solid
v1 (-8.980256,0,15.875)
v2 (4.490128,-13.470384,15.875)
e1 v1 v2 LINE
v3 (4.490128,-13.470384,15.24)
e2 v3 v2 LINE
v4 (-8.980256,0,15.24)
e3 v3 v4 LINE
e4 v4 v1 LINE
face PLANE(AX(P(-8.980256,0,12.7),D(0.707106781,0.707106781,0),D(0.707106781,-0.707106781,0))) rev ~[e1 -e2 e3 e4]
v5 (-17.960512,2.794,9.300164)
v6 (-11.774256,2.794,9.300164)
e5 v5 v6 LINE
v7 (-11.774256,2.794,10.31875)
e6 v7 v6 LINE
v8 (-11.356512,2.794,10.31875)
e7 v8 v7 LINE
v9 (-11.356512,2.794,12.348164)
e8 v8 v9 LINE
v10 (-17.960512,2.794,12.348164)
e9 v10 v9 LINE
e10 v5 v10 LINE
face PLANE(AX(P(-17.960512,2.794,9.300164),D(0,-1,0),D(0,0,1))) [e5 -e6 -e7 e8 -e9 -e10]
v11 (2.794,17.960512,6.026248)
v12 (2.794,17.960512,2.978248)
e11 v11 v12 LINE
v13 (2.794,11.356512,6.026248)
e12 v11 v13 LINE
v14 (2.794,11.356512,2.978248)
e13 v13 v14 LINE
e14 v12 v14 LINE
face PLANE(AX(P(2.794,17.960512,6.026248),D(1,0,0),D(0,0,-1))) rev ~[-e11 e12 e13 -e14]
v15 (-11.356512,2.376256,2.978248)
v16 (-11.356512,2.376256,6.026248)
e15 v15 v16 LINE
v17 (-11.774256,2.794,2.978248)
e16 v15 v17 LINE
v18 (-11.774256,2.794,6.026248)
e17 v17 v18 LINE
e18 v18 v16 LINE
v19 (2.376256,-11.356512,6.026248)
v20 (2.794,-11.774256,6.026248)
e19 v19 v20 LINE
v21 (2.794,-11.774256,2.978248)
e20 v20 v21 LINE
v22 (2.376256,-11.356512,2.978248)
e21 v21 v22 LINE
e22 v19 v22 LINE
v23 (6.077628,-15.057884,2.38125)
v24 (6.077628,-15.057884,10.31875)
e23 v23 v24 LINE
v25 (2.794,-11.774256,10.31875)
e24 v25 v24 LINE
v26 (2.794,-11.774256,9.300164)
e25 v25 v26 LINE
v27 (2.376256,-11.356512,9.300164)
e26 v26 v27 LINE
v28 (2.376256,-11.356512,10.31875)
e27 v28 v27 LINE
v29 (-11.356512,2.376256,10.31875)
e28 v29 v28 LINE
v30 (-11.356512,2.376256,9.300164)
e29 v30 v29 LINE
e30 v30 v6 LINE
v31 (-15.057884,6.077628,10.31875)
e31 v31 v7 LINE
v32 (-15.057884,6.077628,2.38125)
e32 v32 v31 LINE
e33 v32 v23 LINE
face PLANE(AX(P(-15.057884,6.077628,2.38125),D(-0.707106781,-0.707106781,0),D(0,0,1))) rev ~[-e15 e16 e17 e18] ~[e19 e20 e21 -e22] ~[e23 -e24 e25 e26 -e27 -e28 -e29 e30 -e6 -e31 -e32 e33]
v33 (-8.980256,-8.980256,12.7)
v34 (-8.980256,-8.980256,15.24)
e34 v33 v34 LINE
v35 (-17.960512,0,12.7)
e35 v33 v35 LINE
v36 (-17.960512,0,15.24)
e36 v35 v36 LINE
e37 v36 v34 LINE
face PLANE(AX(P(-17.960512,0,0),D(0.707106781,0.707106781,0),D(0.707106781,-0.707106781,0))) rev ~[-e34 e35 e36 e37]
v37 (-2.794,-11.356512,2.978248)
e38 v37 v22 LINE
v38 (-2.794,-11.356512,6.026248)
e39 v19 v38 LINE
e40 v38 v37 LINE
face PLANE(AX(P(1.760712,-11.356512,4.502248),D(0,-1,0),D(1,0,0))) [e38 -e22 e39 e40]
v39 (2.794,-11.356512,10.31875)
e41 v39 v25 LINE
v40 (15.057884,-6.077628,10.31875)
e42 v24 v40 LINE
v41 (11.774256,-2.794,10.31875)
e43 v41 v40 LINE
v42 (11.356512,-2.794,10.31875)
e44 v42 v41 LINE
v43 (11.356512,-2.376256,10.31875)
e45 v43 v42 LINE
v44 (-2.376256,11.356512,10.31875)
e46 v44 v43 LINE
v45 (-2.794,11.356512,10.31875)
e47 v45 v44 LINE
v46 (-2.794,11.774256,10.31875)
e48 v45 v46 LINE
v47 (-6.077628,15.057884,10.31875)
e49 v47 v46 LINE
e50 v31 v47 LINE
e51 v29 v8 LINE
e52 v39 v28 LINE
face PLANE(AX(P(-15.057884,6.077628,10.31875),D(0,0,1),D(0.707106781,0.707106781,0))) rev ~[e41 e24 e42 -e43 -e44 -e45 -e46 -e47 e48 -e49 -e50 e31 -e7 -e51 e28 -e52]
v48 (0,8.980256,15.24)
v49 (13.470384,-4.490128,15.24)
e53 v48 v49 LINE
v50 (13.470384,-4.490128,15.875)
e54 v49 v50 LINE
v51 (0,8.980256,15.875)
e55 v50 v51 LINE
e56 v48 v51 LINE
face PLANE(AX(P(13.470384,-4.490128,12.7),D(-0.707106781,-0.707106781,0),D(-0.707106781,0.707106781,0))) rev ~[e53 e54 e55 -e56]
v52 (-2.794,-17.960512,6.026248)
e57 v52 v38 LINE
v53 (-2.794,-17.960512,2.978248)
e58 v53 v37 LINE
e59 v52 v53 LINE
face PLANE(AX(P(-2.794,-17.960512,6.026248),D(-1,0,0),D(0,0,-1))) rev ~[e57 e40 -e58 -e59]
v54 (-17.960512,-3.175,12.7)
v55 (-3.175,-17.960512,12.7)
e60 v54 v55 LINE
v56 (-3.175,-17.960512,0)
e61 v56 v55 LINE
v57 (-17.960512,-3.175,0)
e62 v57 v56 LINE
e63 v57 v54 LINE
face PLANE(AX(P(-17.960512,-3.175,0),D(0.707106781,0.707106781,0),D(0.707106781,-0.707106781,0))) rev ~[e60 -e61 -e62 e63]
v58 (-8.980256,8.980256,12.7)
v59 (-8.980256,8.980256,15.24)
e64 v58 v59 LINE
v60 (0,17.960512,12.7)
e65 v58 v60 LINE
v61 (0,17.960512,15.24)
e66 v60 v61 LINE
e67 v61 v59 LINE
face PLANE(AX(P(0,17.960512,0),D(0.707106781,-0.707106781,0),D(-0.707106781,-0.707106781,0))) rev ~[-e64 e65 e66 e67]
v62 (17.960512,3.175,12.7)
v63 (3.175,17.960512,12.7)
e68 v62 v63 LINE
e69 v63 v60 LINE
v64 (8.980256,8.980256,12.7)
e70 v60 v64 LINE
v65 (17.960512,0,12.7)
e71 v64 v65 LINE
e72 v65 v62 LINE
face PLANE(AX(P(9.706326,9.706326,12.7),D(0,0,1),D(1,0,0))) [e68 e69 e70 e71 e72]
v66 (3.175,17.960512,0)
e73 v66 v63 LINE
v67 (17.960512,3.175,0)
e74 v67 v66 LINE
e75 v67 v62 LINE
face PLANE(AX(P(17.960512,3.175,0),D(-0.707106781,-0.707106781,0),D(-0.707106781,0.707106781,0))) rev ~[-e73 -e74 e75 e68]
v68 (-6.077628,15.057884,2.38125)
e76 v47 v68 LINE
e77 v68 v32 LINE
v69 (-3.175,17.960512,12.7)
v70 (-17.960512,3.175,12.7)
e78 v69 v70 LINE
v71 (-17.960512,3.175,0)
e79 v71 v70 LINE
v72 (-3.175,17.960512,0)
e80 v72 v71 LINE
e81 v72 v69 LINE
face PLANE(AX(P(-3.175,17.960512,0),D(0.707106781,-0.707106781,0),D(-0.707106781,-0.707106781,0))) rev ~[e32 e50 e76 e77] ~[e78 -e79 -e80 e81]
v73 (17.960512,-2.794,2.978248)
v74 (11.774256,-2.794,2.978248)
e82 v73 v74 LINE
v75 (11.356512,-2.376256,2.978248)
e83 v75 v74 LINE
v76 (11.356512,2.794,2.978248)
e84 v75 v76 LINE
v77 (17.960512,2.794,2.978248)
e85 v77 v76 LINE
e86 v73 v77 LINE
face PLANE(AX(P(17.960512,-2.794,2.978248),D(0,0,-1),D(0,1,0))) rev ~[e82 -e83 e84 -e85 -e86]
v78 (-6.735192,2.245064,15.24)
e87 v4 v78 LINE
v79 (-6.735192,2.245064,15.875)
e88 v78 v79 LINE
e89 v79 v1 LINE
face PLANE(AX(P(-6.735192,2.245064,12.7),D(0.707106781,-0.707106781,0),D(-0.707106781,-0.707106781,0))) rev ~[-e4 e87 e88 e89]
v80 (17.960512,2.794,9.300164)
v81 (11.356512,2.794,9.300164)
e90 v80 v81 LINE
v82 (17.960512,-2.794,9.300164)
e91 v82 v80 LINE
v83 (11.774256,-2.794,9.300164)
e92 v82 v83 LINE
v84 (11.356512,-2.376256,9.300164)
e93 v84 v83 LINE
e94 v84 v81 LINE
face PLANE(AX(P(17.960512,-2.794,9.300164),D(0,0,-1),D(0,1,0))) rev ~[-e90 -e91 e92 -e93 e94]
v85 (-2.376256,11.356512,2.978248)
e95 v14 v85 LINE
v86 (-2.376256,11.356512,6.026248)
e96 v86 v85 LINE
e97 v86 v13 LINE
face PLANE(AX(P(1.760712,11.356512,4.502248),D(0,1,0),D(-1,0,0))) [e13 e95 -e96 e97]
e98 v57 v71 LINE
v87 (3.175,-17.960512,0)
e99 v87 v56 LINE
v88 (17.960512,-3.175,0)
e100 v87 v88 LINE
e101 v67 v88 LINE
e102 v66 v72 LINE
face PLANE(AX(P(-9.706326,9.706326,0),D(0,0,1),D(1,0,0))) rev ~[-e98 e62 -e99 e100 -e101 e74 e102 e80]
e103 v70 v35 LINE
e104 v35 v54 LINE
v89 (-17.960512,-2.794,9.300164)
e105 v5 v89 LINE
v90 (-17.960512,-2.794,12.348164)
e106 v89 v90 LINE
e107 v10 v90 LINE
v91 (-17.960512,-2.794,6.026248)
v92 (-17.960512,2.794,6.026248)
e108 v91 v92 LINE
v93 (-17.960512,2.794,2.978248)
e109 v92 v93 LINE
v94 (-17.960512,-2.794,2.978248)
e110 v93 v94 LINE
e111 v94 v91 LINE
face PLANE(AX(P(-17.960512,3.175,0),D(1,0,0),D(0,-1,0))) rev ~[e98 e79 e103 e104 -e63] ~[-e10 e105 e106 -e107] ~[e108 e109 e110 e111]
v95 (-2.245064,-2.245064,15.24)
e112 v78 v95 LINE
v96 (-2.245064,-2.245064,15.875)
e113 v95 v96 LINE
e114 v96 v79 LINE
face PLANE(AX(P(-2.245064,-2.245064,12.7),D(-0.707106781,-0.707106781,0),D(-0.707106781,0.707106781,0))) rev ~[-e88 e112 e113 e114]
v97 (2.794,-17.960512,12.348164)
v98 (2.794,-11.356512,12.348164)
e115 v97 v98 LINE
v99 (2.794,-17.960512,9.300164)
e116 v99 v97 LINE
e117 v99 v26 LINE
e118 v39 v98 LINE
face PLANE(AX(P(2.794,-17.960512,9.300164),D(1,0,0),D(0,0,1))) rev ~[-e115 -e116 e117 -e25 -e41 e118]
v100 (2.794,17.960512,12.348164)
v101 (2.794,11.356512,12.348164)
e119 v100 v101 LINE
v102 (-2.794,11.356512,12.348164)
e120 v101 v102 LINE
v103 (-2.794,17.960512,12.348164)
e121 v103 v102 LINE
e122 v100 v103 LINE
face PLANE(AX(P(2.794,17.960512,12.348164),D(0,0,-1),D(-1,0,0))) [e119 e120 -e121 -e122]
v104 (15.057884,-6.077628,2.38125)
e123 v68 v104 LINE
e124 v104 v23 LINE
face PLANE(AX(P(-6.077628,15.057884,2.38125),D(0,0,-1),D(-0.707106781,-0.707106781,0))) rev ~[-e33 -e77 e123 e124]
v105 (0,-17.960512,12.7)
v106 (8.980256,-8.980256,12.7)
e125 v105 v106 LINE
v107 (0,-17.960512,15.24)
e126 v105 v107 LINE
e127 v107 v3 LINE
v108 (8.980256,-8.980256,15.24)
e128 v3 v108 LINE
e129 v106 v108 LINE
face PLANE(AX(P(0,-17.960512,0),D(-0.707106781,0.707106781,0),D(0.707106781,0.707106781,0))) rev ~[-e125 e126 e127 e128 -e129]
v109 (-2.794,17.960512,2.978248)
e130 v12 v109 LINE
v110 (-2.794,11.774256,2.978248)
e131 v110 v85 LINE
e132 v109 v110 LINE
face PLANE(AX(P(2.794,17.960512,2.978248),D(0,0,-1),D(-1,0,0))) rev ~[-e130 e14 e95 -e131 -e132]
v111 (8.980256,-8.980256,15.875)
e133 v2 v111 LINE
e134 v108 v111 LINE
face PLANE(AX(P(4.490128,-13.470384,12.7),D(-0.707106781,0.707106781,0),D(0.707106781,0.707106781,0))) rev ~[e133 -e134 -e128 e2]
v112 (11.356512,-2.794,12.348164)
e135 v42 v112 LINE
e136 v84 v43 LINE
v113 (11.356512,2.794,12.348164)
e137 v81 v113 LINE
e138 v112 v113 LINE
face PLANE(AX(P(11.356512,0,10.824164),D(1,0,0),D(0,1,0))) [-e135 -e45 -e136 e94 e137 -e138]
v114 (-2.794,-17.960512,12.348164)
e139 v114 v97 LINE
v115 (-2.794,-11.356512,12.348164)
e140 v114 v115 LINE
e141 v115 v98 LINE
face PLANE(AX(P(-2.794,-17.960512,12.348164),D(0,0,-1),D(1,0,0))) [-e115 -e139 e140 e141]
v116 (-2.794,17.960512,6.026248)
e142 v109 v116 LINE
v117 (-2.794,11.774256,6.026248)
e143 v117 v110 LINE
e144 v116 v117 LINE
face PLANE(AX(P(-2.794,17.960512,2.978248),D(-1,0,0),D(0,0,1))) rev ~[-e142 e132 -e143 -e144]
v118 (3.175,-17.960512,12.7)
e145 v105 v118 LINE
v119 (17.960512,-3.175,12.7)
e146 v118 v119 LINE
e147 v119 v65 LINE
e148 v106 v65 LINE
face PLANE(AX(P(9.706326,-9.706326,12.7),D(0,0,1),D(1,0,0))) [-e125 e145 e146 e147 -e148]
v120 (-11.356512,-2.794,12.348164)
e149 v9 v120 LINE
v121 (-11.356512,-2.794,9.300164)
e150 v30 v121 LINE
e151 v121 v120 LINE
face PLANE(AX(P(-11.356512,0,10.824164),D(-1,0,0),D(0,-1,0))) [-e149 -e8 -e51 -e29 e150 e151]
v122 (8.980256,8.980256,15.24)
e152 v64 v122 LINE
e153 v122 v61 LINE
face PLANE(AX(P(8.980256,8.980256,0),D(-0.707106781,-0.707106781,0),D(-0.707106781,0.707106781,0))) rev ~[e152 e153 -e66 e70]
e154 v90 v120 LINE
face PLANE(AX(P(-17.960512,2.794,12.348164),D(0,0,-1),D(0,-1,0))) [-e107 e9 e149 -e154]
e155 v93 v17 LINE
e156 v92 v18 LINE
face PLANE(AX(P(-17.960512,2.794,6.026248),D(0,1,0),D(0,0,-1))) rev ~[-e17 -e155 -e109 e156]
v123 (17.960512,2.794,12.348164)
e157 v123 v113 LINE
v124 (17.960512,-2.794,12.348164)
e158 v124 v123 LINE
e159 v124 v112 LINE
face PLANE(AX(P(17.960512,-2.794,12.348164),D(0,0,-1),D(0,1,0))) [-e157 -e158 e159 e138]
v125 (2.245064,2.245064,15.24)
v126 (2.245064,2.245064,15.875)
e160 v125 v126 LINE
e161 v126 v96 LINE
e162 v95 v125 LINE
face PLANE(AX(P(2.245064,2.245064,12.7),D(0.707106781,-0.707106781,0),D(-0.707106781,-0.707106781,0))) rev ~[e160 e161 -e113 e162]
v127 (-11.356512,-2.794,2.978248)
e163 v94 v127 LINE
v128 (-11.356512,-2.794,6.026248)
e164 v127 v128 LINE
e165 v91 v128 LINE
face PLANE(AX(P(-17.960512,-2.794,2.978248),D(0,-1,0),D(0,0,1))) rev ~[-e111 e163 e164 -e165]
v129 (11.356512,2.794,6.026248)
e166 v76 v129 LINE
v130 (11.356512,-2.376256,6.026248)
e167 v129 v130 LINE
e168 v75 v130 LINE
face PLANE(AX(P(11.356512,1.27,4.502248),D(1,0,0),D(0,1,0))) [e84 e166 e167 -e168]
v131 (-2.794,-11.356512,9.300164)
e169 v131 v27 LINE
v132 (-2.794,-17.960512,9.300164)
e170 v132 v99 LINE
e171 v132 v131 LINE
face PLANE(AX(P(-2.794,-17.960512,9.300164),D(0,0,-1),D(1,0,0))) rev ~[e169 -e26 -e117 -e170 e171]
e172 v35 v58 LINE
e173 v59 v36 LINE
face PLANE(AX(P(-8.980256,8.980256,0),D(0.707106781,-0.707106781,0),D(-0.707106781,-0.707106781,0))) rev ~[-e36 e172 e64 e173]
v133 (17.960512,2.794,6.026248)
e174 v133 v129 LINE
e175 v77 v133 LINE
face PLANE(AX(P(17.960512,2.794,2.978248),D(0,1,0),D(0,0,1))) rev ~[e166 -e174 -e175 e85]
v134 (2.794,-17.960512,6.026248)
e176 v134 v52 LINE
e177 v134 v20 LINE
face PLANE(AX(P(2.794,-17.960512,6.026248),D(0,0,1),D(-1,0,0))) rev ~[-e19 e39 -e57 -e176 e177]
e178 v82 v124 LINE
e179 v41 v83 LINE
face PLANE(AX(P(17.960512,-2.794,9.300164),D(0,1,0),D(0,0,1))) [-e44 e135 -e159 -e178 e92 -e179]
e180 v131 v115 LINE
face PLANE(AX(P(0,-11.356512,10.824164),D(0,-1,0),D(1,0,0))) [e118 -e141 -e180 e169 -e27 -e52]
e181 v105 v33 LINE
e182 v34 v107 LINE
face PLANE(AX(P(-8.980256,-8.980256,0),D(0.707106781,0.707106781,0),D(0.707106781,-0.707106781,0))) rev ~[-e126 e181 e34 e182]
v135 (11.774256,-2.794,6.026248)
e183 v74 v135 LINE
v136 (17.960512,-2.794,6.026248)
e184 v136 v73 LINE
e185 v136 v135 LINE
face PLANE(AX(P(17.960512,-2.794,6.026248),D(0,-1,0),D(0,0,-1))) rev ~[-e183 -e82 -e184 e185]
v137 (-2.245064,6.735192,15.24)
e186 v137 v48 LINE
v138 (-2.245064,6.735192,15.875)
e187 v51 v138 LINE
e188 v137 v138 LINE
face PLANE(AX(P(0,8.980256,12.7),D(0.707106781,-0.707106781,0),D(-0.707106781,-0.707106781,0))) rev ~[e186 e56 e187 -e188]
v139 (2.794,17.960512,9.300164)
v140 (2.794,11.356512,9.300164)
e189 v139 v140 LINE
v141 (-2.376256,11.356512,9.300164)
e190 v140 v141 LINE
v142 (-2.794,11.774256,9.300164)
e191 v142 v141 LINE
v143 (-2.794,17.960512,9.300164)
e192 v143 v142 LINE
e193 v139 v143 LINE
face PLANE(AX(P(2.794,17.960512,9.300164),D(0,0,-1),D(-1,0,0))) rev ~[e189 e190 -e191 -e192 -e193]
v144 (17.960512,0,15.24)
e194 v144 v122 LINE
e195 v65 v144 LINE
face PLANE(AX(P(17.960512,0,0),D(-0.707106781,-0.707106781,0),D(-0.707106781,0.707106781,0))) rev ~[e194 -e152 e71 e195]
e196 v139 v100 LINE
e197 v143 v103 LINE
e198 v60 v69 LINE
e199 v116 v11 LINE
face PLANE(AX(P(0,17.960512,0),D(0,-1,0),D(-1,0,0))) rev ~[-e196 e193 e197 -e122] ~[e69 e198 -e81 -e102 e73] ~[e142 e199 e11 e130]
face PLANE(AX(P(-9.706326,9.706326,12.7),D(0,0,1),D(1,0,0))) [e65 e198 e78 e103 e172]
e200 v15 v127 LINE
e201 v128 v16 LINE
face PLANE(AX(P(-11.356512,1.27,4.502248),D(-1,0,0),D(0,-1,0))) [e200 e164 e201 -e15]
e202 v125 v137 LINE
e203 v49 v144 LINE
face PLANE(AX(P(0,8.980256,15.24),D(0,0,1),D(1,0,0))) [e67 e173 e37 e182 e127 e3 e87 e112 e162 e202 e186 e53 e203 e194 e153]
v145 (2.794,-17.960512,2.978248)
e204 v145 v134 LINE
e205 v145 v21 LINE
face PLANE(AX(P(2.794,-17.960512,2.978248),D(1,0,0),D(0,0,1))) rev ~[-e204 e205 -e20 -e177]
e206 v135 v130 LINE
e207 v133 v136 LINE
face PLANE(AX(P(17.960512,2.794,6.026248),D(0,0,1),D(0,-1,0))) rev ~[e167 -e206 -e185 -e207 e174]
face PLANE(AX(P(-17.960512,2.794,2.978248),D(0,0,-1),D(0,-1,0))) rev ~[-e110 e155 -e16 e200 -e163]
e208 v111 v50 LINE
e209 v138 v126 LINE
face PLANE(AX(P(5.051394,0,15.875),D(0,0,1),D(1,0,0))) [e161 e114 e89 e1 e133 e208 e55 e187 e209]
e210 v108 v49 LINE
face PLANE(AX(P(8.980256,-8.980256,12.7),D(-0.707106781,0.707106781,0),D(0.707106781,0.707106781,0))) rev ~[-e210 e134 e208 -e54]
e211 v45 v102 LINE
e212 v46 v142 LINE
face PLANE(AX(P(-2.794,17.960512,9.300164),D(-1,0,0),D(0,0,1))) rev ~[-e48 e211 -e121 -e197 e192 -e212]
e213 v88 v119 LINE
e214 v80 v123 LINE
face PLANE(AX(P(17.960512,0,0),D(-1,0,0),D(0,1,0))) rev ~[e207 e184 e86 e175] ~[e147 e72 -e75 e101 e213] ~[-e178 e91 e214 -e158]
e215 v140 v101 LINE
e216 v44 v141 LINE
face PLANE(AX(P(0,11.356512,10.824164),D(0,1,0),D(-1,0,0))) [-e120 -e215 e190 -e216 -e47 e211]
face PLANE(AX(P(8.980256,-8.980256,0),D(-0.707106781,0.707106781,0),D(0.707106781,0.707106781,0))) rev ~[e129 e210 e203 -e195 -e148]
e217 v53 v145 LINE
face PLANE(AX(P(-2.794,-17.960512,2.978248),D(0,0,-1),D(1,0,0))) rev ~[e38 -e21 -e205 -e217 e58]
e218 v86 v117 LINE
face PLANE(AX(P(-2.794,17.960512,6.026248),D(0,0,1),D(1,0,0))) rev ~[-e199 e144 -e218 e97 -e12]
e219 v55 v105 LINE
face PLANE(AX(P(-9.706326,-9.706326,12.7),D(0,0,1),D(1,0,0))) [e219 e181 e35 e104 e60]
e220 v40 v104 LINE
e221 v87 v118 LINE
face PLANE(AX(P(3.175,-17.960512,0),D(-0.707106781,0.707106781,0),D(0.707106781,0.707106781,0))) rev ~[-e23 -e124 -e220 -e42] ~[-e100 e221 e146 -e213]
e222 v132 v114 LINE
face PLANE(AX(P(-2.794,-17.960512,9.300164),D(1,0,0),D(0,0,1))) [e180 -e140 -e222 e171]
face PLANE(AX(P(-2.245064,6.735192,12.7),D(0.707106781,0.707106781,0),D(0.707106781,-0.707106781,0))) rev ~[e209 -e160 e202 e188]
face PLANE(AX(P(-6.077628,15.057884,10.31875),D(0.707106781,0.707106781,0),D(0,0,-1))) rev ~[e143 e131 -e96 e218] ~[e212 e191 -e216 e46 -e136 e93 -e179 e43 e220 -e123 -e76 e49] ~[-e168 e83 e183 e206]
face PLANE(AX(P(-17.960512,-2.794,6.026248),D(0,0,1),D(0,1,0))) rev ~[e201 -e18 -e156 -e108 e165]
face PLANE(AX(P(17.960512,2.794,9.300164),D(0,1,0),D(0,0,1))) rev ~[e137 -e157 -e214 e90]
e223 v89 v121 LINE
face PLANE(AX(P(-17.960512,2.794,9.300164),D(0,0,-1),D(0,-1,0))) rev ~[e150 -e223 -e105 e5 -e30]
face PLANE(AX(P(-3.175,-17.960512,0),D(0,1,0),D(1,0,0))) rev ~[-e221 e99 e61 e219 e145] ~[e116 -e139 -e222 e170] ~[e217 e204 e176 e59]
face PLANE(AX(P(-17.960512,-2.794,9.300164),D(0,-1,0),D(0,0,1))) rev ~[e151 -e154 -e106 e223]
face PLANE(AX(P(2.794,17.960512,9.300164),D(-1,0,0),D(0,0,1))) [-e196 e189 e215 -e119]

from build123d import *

# Parameters (mm, degrees)
F1_DEPTH  = 15.24
F2_DEPTH  = 12.7
F4_W      = 5.588
F4_H      = 3.048
F4_W_2    = 5.08
F4_H_2    = 2.481671654
F4_W_3    = 2.54
F4_H_3    = 2.6544967359
F5_DEPTH  = 6.604
F6_W      = 5.588
F6_H      = 3.048
F6_W_2    = 5.08
F6_H_2    = 2.481671654
F6_W_3    = 2.54
F6_H_3    = 2.6544967359
F7_DEPTH  = 6.604
F8_W      = 5.588
F8_H      = 3.048
F8_W_2    = 5.08
F8_H_2    = 2.481671654
F8_W_3    = 2.54
F8_H_3    = 2.6544967359
F9_DEPTH  = 6.604
F10_DEPTH = 3.175
F11_W     = 5.588
F11_H     = 3.048
F11_W_2   = 5.08
F11_H_2   = 2.481671654
F11_W_3   = 2.54
F11_H_3   = 2.6544967359
F12_DEPTH = 6.604
F14_DEPTH = 38.1


with BuildPart() as f1:
    # F0 (on Top) → F1 (new body)
    with BuildSketch(Plane.XY):
        Polygon((8.9802561211, 8.9802561211), (0, 17.9605122421), (-8.9802561211, 8.9802561211), (0, 0), align=None)
        Polygon((17.9605122421, 0), (8.9802561211, 8.9802561211), (0, 0), (8.9802561211, -8.9802561211), align=None)
        Polygon((0, 0), (-8.9802561211, -8.9802561211), (0, -17.9605122421), (8.9802561211, -8.9802561211), align=None)
        Polygon((-8.9802561211, 8.9802561211), (-17.9605122421, 0), (-8.9802561211, -8.9802561211), (0, 0), align=None)
    extrude(amount=F1_DEPTH)

    # F0 (on Top) → F2 (join)
    with BuildSketch(Plane.XY):
        Polygon((0, 17.9605122421), (-3.175, 17.9605122421), (-17.9605122421, 3.175), (-17.9605122421, 0), (-8.9802561211, 8.9802561211), align=None)
        Polygon((-8.9802561211, -8.9802561211), (-17.9605122421, 0), (-17.9605122421, -3.175), (-3.175, -17.9605122421), (0, -17.9605122421), align=None)
        Polygon((17.9605122421, -3.175), (17.9605122421, 0), (8.9802561211, -8.9802561211), (0, -17.9605122421), (3.175, -17.9605122421), align=None)
        Polygon((3.175, 17.9605122421), (0, 17.9605122421), (8.9802561211, 8.9802561211), (17.9605122421, 0), (17.9605122421, 3.175), align=None)
    extrude(amount=F2_DEPTH)

    # F4 (on face) → F5 (cut)
    with BuildSketch(Plane(origin=(-17.9605122421, 0, 0), x_dir=(0, -1, 0), z_dir=(-1, 0, 0))):
        with Locations((0, 10.824164173)):
            Rectangle(F4_W, F4_H)
        with Locations((0, 10.824164173)):
            Rectangle(F4_W_2, F4_H_2, mode=Mode.SUBTRACT)
        with Locations((0, 10.824164173)):
            Rectangle(F4_W_2, F4_H_2)
        with Locations((-1.27, 4.5022483679)):
            Rectangle(F4_W_3, F4_H_3)
        with Locations((1.27, 4.5022483679)):
            Rectangle(F4_W_3, F4_H_3)
        Polygon((0, 3.175), (-2.54, 3.175), (-2.54, 5.8294967359), (0, 5.8294967359), (0, 6.0262483679), (-2.794, 6.0262483679), (-2.794, 2.9782483679), (0, 2.9782483679), align=None)
        Polygon((2.54, 3.175), (0, 3.175), (0, 2.9782483679), (2.794, 2.9782483679), (2.794, 6.0262483679), (0, 6.0262483679), (0, 5.8294967359), (2.54, 5.8294967359), align=None)
    extrude(amount=-F5_DEPTH, mode=Mode.SUBTRACT)

    # F6 (on face) → F7 (cut)
    with BuildSketch(Plane.YZ.offset(17.9605122421)):
        with Locations((0, 10.824164173)):
            Rectangle(F6_W, F6_H)
        with Locations((0, 10.824164173)):
            Rectangle(F6_W_2, F6_H_2, mode=Mode.SUBTRACT)
        with Locations((0, 10.824164173)):
            Rectangle(F6_W_2, F6_H_2)
        with Locations((1.27, 4.5022483679)):
            Rectangle(F6_W_3, F6_H_3)
        with Locations((-1.27, 4.5022483679)):
            Rectangle(F6_W_3, F6_H_3)
        Polygon((0, 3.175), (-2.54, 3.175), (-2.54, 5.8294967359), (0, 5.8294967359), (0, 6.0262483679), (-2.794, 6.0262483679), (-2.794, 2.9782483679), (0, 2.9782483679), align=None)
        Polygon((2.54, 3.175), (0, 3.175), (0, 2.9782483679), (2.794, 2.9782483679), (2.794, 6.0262483679), (0, 6.0262483679), (0, 5.8294967359), (2.54, 5.8294967359), align=None)
    extrude(amount=-F7_DEPTH, mode=Mode.SUBTRACT)

    # F8 (on face) → F9 (cut)
    with BuildSketch(Plane.XZ.offset(17.9605122421)):
        with Locations((0, 10.824164173)):
            Rectangle(F8_W, F8_H)
        with Locations((0, 10.824164173)):
            Rectangle(F8_W_2, F8_H_2, mode=Mode.SUBTRACT)
        Polygon((2.54, 3.175), (0, 3.175), (0, 2.9782483679), (2.794, 2.9782483679), (2.794, 6.0262483679), (0, 6.0262483679), (0, 5.8294967359), (2.54, 5.8294967359), align=None)
        Polygon((0, 3.175), (-2.54, 3.175), (-2.54, 5.8294967359), (0, 5.8294967359), (0, 6.0262483679), (-2.794, 6.0262483679), (-2.794, 2.9782483679), (0, 2.9782483679), align=None)
        with Locations((-1.27, 4.5022483679)):
            Rectangle(F8_W_3, F8_H_3)
        with Locations((0, 10.824164173)):
            Rectangle(F8_W_2, F8_H_2)
        with Locations((1.27, 4.5022483679)):
            Rectangle(F8_W_3, F8_H_3)
    extrude(amount=-F9_DEPTH, mode=Mode.SUBTRACT)

    # F3 (on face) → F10 (join)
    with BuildSketch(Plane.XY.offset(12.7)):
        Polygon((0, 0), (8.9802561211, -8.9802561211), (13.4703841816, -4.4901280605), (0, 8.9802561211), (-2.2450640303, 6.7351920908), (2.2450640303, 2.2450640303), align=None)
        Polygon((4.4901280605, -13.4703841816), (8.9802561211, -8.9802561211), (0, 0), (-2.2450640303, -2.2450640303), (-6.7351920908, 2.2450640303), (-8.9802561211, 0), align=None)
    extrude(amount=F10_DEPTH)

    # F11 (on face) → F12 (cut)
    with BuildSketch(Plane(origin=(0, 17.9605122421, 0), x_dir=(-1, 0, 0), z_dir=(0, 1, 0))):
        Polygon((0, 3.175), (-2.54, 3.175), (-2.54, 5.8294967359), (0, 5.8294967359), (0, 6.0262483679), (-2.794, 6.0262483679), (-2.794, 2.9782483679), (0, 2.9782483679), align=None)
        Polygon((2.54, 3.175), (0, 3.175), (0, 2.9782483679), (2.794, 2.9782483679), (2.794, 6.0262483679), (0, 6.0262483679), (0, 5.8294967359), (2.54, 5.8294967359), align=None)
        with Locations((0, 10.824164173)):
            Rectangle(F11_W, F11_H)
        with Locations((0, 10.824164173)):
            Rectangle(F11_W_2, F11_H_2, mode=Mode.SUBTRACT)
        with Locations((-1.27, 4.5022483679)):
            Rectangle(F11_W_3, F11_H_3)
        with Locations((1.27, 4.5022483679)):
            Rectangle(F11_W_3, F11_H_3)
        with Locations((0, 10.824164173)):
            Rectangle(F11_W_2, F11_H_2)
    extrude(amount=-F12_DEPTH, mode=Mode.SUBTRACT)

    # F13 (on face) → F14 (cut)
    with BuildSketch(Plane(origin=(-10.5677561211, 10.5677561211, 0), x_dir=(-0.7071067812, -0.7071067812, 0), z_dir=(-0.7071067812, 0.7071067812, 0))):
        Polygon((-6.35, 2.38125), (0, 2.38125), (6.35, 2.38125), (6.35, 10.31875), (-6.35, 10.31875), align=None)
    extrude(amount=-F14_DEPTH, mode=Mode.SUBTRACT)


solid = f1.part
